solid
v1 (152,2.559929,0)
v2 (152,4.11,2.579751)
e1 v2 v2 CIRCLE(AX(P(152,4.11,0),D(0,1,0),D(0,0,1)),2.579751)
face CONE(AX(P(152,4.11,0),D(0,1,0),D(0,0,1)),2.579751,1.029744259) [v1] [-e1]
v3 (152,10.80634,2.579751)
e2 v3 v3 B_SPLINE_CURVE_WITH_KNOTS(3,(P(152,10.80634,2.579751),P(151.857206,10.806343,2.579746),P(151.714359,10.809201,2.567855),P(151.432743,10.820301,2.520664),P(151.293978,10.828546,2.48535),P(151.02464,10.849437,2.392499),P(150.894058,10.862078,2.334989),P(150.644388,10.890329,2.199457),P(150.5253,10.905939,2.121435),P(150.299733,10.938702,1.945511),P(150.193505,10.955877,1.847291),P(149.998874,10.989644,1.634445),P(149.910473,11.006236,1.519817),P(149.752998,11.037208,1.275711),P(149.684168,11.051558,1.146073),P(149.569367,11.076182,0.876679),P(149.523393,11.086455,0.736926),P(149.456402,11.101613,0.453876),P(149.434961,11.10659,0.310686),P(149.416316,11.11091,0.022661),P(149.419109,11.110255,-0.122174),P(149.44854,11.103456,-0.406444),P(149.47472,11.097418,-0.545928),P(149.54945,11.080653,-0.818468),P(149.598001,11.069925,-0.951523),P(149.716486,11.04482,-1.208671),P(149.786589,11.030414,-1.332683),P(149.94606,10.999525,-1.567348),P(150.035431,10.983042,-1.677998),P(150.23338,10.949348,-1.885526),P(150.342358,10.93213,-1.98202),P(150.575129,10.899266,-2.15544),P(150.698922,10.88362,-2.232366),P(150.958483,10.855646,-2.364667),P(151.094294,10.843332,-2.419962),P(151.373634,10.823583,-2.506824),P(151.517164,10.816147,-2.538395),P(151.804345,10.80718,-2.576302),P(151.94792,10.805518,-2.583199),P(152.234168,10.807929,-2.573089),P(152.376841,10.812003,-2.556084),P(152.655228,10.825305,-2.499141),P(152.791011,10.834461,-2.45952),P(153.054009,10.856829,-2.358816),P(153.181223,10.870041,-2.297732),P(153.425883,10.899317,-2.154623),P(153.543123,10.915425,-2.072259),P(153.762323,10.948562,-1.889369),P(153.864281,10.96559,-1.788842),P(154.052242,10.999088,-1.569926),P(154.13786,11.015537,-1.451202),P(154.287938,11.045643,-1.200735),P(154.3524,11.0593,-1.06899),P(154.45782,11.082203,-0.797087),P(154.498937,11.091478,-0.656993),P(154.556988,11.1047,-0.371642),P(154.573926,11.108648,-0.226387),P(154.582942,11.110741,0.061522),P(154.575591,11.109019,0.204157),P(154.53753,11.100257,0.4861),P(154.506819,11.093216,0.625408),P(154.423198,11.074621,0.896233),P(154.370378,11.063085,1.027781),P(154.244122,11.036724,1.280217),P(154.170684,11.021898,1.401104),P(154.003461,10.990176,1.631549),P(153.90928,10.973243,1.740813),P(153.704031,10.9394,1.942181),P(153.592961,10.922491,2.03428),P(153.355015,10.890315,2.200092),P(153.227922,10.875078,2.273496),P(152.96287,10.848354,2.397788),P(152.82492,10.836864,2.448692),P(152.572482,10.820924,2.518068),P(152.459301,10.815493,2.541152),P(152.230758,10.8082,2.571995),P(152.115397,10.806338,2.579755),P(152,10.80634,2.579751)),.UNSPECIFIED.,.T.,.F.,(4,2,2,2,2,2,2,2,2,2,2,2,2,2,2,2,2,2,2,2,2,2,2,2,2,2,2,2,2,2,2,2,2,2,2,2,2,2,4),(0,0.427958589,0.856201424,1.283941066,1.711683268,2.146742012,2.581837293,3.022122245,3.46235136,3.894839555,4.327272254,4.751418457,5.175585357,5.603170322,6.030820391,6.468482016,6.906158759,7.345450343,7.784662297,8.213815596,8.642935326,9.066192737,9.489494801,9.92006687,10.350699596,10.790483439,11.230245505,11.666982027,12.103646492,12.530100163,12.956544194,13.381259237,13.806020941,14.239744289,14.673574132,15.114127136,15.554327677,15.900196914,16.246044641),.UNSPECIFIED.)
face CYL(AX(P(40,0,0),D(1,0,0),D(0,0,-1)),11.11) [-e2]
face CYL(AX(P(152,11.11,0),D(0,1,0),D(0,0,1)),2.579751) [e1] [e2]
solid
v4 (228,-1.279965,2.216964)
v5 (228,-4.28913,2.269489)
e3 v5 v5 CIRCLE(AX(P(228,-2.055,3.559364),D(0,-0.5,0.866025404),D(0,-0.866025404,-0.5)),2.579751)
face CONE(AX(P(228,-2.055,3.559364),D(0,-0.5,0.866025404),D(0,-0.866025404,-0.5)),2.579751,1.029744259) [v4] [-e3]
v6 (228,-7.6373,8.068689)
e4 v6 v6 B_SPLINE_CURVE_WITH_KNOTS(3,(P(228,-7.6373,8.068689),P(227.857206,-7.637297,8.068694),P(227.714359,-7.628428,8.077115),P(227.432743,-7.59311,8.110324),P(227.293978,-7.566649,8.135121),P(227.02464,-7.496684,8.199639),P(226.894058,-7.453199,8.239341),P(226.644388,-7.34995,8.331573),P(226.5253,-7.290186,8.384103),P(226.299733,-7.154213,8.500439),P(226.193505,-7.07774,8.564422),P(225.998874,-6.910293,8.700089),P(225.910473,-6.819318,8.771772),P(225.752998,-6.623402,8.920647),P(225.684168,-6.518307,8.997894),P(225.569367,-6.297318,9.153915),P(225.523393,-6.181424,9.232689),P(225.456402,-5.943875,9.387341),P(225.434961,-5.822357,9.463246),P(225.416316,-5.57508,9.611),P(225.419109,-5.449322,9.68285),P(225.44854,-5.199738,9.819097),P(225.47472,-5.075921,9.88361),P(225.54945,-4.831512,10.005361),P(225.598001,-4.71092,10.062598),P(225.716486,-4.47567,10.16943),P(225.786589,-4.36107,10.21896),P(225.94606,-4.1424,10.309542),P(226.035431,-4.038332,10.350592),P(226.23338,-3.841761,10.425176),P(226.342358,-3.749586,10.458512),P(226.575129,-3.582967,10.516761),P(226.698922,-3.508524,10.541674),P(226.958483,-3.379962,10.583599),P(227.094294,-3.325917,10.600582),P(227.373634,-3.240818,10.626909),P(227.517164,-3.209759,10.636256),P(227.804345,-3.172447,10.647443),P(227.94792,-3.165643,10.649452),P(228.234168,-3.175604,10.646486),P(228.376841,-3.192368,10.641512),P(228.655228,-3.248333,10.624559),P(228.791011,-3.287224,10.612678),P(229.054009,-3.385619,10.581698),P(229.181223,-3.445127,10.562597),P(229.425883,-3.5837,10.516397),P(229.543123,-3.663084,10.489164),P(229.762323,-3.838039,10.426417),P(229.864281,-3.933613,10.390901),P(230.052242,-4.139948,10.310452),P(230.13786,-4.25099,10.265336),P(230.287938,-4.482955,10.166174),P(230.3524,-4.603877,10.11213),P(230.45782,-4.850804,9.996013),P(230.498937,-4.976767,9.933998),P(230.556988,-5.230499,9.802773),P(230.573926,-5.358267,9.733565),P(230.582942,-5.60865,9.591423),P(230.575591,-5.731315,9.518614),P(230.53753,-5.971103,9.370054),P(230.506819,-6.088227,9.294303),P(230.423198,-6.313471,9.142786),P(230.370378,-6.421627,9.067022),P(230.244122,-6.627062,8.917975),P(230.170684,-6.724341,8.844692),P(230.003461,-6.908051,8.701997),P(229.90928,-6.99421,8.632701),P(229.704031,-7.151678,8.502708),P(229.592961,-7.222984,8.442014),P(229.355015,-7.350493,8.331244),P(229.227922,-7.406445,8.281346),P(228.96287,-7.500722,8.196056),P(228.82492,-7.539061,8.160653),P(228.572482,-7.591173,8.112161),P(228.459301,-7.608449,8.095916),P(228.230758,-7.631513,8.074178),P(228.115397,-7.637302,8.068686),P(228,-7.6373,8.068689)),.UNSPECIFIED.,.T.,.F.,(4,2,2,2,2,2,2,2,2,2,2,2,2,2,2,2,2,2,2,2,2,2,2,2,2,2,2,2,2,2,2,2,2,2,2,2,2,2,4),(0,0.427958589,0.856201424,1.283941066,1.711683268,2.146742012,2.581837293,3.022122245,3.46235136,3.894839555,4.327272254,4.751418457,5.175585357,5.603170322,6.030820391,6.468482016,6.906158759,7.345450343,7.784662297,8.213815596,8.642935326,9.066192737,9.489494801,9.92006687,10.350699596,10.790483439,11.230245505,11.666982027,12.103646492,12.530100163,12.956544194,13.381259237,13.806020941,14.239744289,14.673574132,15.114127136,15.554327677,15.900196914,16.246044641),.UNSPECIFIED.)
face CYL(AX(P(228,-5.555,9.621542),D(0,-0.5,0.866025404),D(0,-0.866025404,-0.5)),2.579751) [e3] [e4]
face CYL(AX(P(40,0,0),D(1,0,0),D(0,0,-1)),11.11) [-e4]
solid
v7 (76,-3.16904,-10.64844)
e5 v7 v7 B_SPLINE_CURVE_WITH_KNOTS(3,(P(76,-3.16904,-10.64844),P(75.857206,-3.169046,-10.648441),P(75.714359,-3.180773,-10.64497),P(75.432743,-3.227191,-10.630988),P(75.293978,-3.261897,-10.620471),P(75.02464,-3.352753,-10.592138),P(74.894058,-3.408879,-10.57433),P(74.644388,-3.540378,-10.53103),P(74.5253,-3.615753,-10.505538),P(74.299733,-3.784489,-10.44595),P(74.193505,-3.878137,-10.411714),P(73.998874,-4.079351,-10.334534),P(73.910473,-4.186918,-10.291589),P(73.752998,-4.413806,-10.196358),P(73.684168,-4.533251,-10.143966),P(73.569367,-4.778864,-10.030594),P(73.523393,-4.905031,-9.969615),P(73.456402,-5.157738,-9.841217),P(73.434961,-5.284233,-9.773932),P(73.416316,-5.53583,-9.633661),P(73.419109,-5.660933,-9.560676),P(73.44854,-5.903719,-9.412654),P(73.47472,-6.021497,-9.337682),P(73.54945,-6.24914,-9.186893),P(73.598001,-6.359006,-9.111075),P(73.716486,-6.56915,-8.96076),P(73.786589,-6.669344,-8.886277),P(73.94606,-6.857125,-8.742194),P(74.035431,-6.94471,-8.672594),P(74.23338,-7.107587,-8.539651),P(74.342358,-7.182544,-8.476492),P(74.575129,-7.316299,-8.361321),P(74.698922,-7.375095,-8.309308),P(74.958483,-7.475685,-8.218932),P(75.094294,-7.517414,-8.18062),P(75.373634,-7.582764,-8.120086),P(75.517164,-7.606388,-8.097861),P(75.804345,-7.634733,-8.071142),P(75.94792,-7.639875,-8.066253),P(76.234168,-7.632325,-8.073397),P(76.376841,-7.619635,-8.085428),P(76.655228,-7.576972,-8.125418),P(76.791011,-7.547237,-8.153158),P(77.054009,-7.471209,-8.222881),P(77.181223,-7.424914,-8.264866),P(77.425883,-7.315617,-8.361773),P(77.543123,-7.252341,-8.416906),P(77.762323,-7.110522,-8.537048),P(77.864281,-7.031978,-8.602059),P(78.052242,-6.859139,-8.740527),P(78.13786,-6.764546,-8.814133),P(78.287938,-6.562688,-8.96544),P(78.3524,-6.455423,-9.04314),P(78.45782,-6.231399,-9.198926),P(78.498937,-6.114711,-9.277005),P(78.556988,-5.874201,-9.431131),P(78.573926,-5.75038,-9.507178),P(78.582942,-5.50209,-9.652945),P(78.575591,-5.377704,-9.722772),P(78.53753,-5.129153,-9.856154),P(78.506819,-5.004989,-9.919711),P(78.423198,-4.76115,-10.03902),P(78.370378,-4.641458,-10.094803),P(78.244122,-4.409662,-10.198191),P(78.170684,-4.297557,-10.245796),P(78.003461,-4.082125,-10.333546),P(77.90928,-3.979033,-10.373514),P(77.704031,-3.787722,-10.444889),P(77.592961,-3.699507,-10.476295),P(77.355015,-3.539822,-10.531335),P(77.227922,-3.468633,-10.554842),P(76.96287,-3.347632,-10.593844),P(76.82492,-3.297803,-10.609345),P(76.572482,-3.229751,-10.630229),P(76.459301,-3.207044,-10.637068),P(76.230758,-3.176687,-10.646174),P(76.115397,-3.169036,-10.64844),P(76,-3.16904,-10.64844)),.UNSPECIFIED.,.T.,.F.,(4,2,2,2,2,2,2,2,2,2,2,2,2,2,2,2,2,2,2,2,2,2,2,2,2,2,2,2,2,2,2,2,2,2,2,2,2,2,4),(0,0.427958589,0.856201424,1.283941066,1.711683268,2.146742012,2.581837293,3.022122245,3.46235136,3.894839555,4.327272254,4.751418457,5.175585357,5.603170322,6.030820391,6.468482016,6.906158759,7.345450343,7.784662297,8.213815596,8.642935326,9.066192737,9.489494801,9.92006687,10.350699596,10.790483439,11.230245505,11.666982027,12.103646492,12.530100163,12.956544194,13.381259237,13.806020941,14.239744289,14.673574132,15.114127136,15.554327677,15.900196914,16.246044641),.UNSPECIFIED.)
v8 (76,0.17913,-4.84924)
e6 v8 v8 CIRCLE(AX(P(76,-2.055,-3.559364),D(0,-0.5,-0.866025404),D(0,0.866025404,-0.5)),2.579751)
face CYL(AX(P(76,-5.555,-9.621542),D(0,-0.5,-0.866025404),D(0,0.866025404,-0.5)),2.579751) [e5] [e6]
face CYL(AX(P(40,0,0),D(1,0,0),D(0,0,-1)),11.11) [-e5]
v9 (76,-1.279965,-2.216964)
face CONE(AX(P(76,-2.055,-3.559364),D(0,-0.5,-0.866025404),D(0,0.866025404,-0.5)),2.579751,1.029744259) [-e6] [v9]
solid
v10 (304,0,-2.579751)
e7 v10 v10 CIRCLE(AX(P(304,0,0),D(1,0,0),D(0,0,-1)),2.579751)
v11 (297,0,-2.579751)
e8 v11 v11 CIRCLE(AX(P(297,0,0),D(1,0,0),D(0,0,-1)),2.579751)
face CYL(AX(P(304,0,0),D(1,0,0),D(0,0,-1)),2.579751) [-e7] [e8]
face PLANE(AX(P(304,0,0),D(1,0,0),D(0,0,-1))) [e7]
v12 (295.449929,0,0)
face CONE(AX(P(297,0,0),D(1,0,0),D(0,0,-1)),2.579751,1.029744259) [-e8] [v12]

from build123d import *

# Parameters (mm, degrees)
SKETCH1_R                            = 11.11
BOSS_EXTRUDE1_DEPTH                  = 304
F_3_0_3_DIAMETER_HOLE2_D             = 3
F_3_0_3_DIAMETER_HOLE2_DEPTH         = 11
F_3_0_3_DIAMETER_HOLE2_TIP           = 0.901290929
F_13_64_0_20313_DIAMETER_HOLE2_D     = 5.159502
F_13_64_0_20313_DIAMETER_HOLE2_DEPTH = 7
F_13_64_0_20313_DIAMETER_HOLE2_TIP   = 1.550070783
F_13_64_0_20313_DIAMETER_HOLE4_D     = 5.159502
F_13_64_0_20313_DIAMETER_HOLE4_DEPTH = 7
F_13_64_0_20313_DIAMETER_HOLE4_TIP   = 1.550070783
F_13_64_0_20313_DIAMETER_HOLE5_D     = 5.159502
F_13_64_0_20313_DIAMETER_HOLE5_DEPTH = 7
F_13_64_0_20313_DIAMETER_HOLE5_TIP   = 1.550070783
F_13_64_0_20313_DIAMETER_HOLE6_D     = 5.159502
F_13_64_0_20313_DIAMETER_HOLE6_DEPTH = 7
F_13_64_0_20313_DIAMETER_HOLE6_TIP   = 1.550070783
SKETCH22_R                           = 11.11
BOSS_EXTRUDE5_DEPTH                  = 304
SKETCH23_R                           = 11.11
BOSS_EXTRUDE6_DEPTH                  = 264


with BuildPart() as part:
    # Sketch1 → Boss-Extrude1 (new body)
    with BuildSketch(Plane(origin=(0, 0, 0), x_dir=(0, 0, -1), z_dir=(1, 0, 0))):
        Circle(SKETCH1_R)
    extrude(amount=BOSS_EXTRUDE1_DEPTH)

    # Ø3.0 (3) Diameter Hole2
    with Locations(Plane.ZY):
        with Locations((0, 5.3)):
            Hole(F_3_0_3_DIAMETER_HOLE2_D / 2, depth=F_3_0_3_DIAMETER_HOLE2_DEPTH)
            with Locations((0, 0, -(F_3_0_3_DIAMETER_HOLE2_DEPTH + F_3_0_3_DIAMETER_HOLE2_TIP / 2))):  # 118° drill point
                Cone(0, F_3_0_3_DIAMETER_HOLE2_D / 2, F_3_0_3_DIAMETER_HOLE2_TIP, mode=Mode.SUBTRACT)

    # 13/64 (0.20313) Diameter Hole2
    with Locations(Plane(origin=(0, 11.11, 0), x_dir=(1, 0, 0), z_dir=(0, 1, 0))):
        with Locations((152, 0)):
            Hole(F_13_64_0_20313_DIAMETER_HOLE2_D / 2, depth=F_13_64_0_20313_DIAMETER_HOLE2_DEPTH)
            with Locations((0, 0, -(F_13_64_0_20313_DIAMETER_HOLE2_DEPTH + F_13_64_0_20313_DIAMETER_HOLE2_TIP / 2))):  # 118° drill point
                Cone(0, F_13_64_0_20313_DIAMETER_HOLE2_D / 2, F_13_64_0_20313_DIAMETER_HOLE2_TIP, mode=Mode.SUBTRACT)

    # 13/64 (0.20313) Diameter Hole4
    with Locations(Plane(origin=(0, -5.555, -9.621542236), x_dir=(-1, 0, 0), z_dir=(0, -0.50000000000001, -0.8660254037844328))):
        with Locations((-76, 0)):
            Hole(F_13_64_0_20313_DIAMETER_HOLE4_D / 2, depth=F_13_64_0_20313_DIAMETER_HOLE4_DEPTH)
            with Locations((0, 0, -(F_13_64_0_20313_DIAMETER_HOLE4_DEPTH + F_13_64_0_20313_DIAMETER_HOLE4_TIP / 2))):  # 118° drill point
                Cone(0, F_13_64_0_20313_DIAMETER_HOLE4_D / 2, F_13_64_0_20313_DIAMETER_HOLE4_TIP, mode=Mode.SUBTRACT)

    # 13/64 (0.20313) Diameter Hole5
    with Locations(Plane(origin=(0, -5.555, 9.621542236), x_dir=(-1, 0, 0), z_dir=(0, -0.499999999999998, 0.8660254037844398))):
        with Locations((-228, 0)):
            Hole(F_13_64_0_20313_DIAMETER_HOLE5_D / 2, depth=F_13_64_0_20313_DIAMETER_HOLE5_DEPTH)
            with Locations((0, 0, -(F_13_64_0_20313_DIAMETER_HOLE5_DEPTH + F_13_64_0_20313_DIAMETER_HOLE5_TIP / 2))):  # 118° drill point
                Cone(0, F_13_64_0_20313_DIAMETER_HOLE5_D / 2, F_13_64_0_20313_DIAMETER_HOLE5_TIP, mode=Mode.SUBTRACT)

    # 13/64 (0.20313) Diameter Hole6
    with Locations(Plane(origin=(304, 0, 0), x_dir=(0, 0, -1), z_dir=(1, 0, 0))):
        with Locations((0, 0)):
            Hole(F_13_64_0_20313_DIAMETER_HOLE6_D / 2, depth=F_13_64_0_20313_DIAMETER_HOLE6_DEPTH)
            with Locations((0, 0, -(F_13_64_0_20313_DIAMETER_HOLE6_DEPTH + F_13_64_0_20313_DIAMETER_HOLE6_TIP / 2))):  # 118° drill point
                Cone(0, F_13_64_0_20313_DIAMETER_HOLE6_D / 2, F_13_64_0_20313_DIAMETER_HOLE6_TIP, mode=Mode.SUBTRACT)


with BuildPart() as body_2:
    # Sketch22 → Boss-Extrude5 (new body)
    with BuildSketch(Plane(origin=(0, 0, 0), x_dir=(0, 0, -1), z_dir=(1, 0, 0))):
        Circle(SKETCH22_R)
    extrude(amount=BOSS_EXTRUDE5_DEPTH)


with BuildPart() as body_2_2:
    # Sketch23 → Boss-Extrude6 (new body)
    with BuildSketch(Plane(origin=(304, 0, 0), x_dir=(0, 0, -1), z_dir=(1, 0, 0))):
        Circle(SKETCH23_R)
    extrude(amount=-BOSS_EXTRUDE6_DEPTH)

    # Combine3: cut part
    add(part.part, mode=Mode.SUBTRACT)


solid = body_2_2.part
